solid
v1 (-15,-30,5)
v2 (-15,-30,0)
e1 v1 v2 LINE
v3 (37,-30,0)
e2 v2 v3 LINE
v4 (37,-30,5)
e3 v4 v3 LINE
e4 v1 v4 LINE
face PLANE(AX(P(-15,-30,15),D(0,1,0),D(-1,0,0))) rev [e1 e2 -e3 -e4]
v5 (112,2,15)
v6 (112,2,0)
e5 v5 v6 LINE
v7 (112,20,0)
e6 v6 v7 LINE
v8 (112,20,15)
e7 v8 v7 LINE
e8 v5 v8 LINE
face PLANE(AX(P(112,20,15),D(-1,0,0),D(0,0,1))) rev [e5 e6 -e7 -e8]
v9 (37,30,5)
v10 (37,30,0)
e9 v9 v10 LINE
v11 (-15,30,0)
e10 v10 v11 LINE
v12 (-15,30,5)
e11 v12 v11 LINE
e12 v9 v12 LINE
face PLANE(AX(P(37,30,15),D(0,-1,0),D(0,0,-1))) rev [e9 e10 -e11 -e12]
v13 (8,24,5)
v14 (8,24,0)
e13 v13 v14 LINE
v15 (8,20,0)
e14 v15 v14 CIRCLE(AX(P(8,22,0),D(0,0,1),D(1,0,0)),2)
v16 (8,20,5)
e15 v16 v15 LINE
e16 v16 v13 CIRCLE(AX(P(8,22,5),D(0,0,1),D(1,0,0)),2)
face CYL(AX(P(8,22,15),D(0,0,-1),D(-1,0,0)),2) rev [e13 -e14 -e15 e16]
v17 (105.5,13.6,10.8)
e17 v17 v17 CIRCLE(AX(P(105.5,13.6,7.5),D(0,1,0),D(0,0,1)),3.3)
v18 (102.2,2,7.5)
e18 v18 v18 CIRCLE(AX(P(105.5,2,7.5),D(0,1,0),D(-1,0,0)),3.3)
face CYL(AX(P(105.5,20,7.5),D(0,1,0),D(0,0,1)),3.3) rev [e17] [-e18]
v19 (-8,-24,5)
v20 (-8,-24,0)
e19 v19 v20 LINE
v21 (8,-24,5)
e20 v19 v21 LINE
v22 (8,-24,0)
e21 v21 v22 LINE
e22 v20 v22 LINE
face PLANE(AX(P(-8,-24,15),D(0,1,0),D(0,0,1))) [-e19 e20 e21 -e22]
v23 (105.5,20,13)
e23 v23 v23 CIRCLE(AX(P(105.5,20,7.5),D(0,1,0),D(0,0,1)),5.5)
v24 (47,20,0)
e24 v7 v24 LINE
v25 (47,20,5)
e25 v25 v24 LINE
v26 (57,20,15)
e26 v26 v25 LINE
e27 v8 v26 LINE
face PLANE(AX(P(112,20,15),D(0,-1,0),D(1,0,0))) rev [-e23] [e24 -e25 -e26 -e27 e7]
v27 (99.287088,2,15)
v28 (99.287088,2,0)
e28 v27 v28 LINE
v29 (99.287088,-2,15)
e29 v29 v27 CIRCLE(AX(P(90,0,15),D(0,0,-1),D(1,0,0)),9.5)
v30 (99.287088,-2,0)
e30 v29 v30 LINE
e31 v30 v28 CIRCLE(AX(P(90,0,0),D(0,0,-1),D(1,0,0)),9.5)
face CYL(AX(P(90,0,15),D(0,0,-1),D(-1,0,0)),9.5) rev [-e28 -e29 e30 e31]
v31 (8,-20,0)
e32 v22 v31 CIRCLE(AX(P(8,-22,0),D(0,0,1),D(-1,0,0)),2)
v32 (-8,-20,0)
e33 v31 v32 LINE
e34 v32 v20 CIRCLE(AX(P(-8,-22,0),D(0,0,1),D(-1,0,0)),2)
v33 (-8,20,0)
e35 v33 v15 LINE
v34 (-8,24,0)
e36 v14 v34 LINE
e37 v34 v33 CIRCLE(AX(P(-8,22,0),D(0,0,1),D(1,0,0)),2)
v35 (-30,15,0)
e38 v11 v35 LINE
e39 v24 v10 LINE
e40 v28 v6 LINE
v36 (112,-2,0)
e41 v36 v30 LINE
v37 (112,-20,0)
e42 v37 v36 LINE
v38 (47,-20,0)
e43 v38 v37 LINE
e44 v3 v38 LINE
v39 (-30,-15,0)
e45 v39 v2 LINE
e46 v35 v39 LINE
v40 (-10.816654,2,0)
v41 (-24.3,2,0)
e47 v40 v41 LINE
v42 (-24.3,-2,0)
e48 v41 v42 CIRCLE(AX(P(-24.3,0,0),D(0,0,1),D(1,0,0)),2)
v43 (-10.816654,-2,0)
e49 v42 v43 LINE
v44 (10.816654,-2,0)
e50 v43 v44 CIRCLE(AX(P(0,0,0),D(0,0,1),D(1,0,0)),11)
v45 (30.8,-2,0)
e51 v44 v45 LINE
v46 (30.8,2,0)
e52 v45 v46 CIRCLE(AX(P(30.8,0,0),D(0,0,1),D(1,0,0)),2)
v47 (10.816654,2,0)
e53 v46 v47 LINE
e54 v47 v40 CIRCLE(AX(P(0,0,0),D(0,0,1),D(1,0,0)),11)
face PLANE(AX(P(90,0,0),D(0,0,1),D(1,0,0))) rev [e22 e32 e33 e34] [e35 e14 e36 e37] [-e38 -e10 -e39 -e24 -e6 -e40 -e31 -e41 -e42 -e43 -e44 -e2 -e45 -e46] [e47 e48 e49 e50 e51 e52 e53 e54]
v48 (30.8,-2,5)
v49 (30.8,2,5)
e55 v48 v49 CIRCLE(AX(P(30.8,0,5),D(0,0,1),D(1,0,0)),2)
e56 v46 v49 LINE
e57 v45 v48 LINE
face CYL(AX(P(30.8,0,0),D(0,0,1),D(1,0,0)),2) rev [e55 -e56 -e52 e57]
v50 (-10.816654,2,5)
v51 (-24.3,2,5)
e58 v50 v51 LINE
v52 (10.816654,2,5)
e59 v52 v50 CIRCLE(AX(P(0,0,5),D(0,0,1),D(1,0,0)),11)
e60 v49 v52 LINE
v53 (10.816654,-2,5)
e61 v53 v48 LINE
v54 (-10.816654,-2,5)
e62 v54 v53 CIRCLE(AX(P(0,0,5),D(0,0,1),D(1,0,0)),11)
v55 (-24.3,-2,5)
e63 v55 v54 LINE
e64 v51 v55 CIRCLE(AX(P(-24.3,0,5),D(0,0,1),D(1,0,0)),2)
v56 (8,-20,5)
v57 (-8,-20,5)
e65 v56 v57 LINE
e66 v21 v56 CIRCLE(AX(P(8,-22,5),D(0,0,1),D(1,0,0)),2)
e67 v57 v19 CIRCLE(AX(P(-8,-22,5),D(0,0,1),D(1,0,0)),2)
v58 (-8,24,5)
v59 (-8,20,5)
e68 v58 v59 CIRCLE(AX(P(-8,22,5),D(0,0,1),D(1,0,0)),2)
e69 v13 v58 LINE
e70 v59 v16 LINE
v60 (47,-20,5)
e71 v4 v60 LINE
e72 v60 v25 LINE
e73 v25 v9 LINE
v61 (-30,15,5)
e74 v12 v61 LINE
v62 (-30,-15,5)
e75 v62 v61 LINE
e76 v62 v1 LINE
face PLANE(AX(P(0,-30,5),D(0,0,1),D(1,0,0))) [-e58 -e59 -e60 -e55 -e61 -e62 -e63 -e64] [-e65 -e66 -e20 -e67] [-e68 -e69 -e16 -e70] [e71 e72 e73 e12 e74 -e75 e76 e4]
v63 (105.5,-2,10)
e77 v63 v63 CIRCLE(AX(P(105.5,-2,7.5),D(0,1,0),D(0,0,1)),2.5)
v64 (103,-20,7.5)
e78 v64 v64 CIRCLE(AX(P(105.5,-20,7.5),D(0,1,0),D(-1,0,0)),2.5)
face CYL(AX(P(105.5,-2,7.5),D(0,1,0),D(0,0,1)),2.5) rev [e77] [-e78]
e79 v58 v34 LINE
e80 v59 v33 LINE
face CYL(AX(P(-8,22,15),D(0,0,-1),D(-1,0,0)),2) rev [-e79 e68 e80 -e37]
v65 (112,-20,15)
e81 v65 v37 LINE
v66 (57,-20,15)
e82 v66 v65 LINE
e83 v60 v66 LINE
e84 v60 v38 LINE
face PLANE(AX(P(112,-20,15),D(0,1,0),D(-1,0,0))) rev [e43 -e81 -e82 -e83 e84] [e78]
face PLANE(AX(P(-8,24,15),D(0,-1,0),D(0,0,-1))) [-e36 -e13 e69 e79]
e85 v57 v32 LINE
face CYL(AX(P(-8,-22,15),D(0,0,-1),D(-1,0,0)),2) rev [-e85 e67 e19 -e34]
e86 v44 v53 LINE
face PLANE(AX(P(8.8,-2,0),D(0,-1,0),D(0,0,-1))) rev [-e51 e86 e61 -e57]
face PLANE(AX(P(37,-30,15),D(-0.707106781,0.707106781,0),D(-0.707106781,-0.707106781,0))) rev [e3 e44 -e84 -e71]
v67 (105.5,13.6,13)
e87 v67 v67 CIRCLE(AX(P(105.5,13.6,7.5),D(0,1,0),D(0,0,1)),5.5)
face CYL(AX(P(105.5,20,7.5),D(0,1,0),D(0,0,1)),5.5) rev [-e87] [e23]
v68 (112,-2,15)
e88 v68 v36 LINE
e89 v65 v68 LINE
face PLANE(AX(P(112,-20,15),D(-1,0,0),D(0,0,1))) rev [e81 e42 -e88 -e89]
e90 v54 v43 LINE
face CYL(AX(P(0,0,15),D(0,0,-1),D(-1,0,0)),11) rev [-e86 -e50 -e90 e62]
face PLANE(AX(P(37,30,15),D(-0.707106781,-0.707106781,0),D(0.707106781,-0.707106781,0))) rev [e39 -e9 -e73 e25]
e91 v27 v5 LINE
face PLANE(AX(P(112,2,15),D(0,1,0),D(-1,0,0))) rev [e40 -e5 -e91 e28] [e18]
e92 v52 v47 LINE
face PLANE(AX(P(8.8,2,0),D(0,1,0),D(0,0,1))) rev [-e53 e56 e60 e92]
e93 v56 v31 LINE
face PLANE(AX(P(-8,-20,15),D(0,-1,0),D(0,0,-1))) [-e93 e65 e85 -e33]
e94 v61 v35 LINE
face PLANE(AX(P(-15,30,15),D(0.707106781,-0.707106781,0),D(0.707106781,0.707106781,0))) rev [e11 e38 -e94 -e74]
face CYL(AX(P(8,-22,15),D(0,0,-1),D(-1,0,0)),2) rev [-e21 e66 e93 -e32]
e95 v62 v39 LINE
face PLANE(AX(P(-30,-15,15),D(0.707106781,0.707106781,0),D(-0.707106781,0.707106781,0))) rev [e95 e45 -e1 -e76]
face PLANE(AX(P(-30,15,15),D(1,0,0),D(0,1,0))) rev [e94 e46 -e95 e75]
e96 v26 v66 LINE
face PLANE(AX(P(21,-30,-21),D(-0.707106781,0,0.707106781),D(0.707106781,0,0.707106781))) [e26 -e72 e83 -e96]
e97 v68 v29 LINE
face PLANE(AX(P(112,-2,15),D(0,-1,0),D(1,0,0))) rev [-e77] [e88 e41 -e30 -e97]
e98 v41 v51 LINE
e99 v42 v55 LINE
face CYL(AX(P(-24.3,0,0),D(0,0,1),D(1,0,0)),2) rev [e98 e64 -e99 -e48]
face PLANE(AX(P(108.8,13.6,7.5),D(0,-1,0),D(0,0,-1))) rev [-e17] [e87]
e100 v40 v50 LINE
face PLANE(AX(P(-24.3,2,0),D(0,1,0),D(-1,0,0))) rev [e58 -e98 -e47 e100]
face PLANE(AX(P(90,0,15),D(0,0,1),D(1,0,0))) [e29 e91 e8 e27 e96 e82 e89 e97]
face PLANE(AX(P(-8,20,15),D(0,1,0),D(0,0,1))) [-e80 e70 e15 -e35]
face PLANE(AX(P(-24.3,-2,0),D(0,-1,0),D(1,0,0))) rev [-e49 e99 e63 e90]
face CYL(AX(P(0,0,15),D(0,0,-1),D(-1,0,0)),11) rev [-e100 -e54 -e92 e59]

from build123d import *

# Parameters (mm, degrees)
ESQUISSE1_R                                        = 11
BOSS_EXTRU_1_DEPTH                                 = 15
CHAMBRAGE_POUR_VIS_T_TE_HEXAGONALE_M61_D           = 6.6
CHAMBRAGE_POUR_VIS_T_TE_HEXAGONALE_M61_DEPTH       = 18
CHAMBRAGE_POUR_VIS_T_TE_HEXAGONALE_M61_CBORE_D     = 11
CHAMBRAGE_POUR_VIS_T_TE_HEXAGONALE_M61_CBORE_DEPTH = 6.4
ENL_V_MAT_EXTRU_7_DEPTH                            = 91
TROU_TARAUD_M61_D                                  = 5
ENL_V_MAT_EXTRU_8_DEPTH                            = 6


with BuildPart() as part:
    # Esquisse1 → Boss.-Extru.1 (new body)
    with BuildSketch(Plane.XY):
        with BuildLine():
            Line((37, 30), (47, 20))
            Line((47, 20), (112, 20))
            Line((112, 20), (112, 2))
            Line((112, 2), (99.287087811, 2))
            ThreePointArc((99.287087811, 2), (80.5, 0), (99.287087811, -2))
            Line((99.287087811, -2), (112, -2))
            Line((112, -2), (112, -20))
            Line((112, -20), (47, -20))
            Line((47, -20), (37, -30))
            Line((37, -30), (-15, -30))
            Line((-15, -30), (-30, -15))
            Line((-30, -15), (-30, 15))
            Line((-30, 15), (-15, 30))
            Line((-15, 30), (37, 30))
        make_face()
        Circle(ESQUISSE1_R, mode=Mode.SUBTRACT)
        with BuildLine():
            Line((-8, 24), (8, 24))
            ThreePointArc((8, 24), (10, 22), (8, 20))
            Line((8, 20), (-8, 20))
            ThreePointArc((-8, 20), (-10, 22), (-8, 24))
        make_face(mode=Mode.SUBTRACT)
        with BuildLine():
            Line((-8, -24), (8, -24))
            ThreePointArc((8, -24), (10, -22), (8, -20))
            Line((8, -20), (-8, -20))
            ThreePointArc((-8, -20), (-10, -22), (-8, -24))
        make_face(mode=Mode.SUBTRACT)
    extrude(amount=BOSS_EXTRU_1_DEPTH)

    # Chambrage pour vis à tête hexagonale M61
    with Locations(Plane(origin=(0, 20, 0), x_dir=(-1, 0, 0), z_dir=(0, 1, 0))):
        with Locations((-105.5, 7.5)):
            CounterBoreHole(CHAMBRAGE_POUR_VIS_T_TE_HEXAGONALE_M61_D / 2, CHAMBRAGE_POUR_VIS_T_TE_HEXAGONALE_M61_CBORE_D / 2, CHAMBRAGE_POUR_VIS_T_TE_HEXAGONALE_M61_CBORE_DEPTH, depth=CHAMBRAGE_POUR_VIS_T_TE_HEXAGONALE_M61_DEPTH)

    # Esquisse4 → Enlèv. mat.-Extru.7 (cut, through all)
    with BuildSketch(Plane(origin=(0, 60, 0), x_dir=(1, 0, 0), z_dir=(0, 1, 0))):
        Polygon((47, -5), (-30, -5), (-30, -38.86865167), (80.86865167, -38.86865167), align=None)
    extrude(amount=-ENL_V_MAT_EXTRU_7_DEPTH, mode=Mode.SUBTRACT)

    # Trou taraudé M61 (through all)
    with Locations(Plane(origin=(0, -2, 0), x_dir=(1, 0, 0), z_dir=(0, 1, 0))):
        with Locations((105.5, -7.5)):
            Hole(TROU_TARAUD_M61_D / 2)

    # Esquisse7 → Enlèv. mat.-Extru.8 (cut, through all)
    with BuildSketch(Plane.XY.offset(5)):
        with BuildLine():
            Line((-24.3, 2), (-6.3, 2))
            ThreePointArc((-6.3, 2), (-4.3, 0), (-6.3, -2))
            Line((-6.3, -2), (-24.3, -2))
            ThreePointArc((-24.3, -2), (-26.3, 0), (-24.3, 2))
        make_face()
        with BuildLine():
            Line((8.8, 2), (30.8, 2))
            ThreePointArc((30.8, 2), (32.8, 0), (30.8, -2))
            Line((30.8, -2), (8.8, -2))
            ThreePointArc((8.8, -2), (6.8, 0), (8.8, 2))
        make_face()
    extrude(amount=-ENL_V_MAT_EXTRU_8_DEPTH, mode=Mode.SUBTRACT)


solid = part.part
